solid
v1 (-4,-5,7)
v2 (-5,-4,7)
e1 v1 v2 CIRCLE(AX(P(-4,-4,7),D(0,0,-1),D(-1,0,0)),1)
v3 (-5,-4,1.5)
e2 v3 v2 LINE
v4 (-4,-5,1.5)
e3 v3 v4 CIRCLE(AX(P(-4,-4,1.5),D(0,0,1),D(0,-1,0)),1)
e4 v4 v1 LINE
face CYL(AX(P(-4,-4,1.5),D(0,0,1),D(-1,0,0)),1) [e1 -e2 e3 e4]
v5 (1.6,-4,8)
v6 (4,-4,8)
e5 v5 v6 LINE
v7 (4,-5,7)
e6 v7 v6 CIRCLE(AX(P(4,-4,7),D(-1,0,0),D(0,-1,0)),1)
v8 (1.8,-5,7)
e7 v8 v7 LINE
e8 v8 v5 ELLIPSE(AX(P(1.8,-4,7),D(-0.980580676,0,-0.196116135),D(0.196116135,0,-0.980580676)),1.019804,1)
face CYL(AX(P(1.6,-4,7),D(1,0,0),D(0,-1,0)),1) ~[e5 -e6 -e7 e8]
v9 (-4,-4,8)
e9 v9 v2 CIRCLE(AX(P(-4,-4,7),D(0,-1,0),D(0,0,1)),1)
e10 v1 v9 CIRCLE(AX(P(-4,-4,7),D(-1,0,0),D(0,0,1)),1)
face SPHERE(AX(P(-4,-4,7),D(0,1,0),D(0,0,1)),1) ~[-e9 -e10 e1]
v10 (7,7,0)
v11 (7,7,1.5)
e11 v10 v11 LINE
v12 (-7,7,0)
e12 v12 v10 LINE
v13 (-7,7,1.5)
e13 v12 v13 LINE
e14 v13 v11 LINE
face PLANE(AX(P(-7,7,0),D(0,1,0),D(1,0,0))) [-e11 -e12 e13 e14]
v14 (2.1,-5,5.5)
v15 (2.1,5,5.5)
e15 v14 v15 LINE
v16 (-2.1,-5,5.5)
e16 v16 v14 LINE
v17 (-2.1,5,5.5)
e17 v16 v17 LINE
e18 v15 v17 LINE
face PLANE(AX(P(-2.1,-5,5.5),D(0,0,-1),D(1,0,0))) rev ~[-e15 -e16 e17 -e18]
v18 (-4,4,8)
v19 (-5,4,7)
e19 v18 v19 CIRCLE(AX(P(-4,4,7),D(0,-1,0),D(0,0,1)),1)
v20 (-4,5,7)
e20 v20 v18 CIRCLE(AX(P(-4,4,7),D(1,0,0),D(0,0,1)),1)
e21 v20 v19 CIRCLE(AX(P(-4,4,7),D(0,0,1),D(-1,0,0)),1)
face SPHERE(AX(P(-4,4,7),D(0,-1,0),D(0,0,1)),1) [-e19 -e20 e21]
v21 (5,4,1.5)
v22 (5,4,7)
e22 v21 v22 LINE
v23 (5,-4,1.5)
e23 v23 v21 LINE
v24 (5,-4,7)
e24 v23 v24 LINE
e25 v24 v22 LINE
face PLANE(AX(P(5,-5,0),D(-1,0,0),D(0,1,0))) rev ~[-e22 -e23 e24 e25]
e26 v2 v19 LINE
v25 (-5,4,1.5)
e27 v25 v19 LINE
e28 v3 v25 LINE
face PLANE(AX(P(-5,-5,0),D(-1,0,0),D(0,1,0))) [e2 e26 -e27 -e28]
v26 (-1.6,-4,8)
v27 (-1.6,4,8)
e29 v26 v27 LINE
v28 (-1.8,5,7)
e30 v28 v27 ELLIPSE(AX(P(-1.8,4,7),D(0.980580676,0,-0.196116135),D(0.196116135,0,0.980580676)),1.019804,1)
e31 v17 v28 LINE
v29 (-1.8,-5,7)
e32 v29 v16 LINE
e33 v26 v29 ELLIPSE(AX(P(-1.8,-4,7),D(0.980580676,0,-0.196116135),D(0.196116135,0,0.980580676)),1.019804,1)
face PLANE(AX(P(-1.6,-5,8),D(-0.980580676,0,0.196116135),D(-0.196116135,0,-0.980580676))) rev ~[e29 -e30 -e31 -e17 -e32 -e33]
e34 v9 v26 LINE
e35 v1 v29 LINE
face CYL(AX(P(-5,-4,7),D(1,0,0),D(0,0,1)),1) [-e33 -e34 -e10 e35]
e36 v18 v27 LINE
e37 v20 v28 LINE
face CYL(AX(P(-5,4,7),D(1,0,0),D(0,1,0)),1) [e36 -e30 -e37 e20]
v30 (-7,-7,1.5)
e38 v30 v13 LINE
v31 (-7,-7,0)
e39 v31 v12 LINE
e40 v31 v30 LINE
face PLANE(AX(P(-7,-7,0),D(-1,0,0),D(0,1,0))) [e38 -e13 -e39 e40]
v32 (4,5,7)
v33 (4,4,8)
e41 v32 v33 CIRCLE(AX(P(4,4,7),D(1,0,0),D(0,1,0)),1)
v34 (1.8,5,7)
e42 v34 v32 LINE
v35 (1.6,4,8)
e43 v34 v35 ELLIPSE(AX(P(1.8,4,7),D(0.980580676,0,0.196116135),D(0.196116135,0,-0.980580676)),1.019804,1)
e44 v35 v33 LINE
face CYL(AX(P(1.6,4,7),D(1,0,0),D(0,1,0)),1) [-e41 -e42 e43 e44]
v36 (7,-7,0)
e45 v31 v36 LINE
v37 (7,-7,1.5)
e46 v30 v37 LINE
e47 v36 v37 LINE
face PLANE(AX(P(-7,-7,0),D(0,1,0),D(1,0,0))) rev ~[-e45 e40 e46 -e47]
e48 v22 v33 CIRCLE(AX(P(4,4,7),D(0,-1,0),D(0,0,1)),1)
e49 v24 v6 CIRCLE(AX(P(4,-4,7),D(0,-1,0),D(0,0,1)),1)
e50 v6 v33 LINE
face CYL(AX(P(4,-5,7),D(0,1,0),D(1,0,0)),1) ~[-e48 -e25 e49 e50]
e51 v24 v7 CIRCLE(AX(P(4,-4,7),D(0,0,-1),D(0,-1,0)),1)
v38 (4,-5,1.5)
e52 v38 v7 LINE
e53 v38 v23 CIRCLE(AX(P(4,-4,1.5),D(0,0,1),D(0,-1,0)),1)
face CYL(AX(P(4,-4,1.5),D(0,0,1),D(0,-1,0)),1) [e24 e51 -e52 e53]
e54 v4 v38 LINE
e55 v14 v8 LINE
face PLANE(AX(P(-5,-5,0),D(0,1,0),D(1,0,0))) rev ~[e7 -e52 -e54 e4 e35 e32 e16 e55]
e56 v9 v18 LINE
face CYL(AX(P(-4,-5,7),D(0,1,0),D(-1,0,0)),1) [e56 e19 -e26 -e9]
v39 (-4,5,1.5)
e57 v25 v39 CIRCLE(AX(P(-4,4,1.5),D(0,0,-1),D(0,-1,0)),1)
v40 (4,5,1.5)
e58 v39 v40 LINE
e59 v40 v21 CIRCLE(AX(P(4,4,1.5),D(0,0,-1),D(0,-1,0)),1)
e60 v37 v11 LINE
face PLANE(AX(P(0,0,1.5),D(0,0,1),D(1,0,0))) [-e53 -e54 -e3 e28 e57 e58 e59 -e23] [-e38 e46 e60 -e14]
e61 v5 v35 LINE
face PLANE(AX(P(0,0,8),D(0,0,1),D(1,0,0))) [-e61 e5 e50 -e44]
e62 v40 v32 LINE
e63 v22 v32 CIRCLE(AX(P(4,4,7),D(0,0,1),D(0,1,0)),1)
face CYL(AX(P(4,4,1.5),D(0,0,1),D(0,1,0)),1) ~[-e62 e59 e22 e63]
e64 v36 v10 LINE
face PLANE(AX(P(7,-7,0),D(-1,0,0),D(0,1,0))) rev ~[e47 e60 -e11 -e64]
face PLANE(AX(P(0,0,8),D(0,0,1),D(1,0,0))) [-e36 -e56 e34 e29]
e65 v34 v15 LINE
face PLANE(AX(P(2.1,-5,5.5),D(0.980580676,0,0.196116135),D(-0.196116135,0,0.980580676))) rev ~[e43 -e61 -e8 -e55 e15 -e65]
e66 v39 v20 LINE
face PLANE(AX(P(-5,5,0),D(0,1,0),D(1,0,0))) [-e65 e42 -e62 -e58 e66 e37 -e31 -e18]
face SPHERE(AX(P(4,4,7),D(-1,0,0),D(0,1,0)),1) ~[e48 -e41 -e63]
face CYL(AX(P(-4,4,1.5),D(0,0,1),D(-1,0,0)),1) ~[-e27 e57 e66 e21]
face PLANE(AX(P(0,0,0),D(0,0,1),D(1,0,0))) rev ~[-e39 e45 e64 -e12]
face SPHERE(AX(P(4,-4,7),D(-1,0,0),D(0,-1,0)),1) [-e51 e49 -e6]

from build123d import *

# Parameters (mm, degrees)
F0_W     = 14
F0_H     = 14
F0_W_2   = 10
F0_H_2   = 10
F1_DEPTH = 1.5
F2_DEPTH = 8
F4_DEPTH = 25
F5_R     = 1


with BuildPart() as f1:
    # F0 (on Top) → F1 (new body)
    with BuildSketch(Plane.XY):
        Rectangle(F0_W, F0_H)
        Rectangle(F0_W_2, F0_H_2, mode=Mode.SUBTRACT)
    extrude(amount=F1_DEPTH)

    # F0 (on Top) → F2 (join)
    with BuildSketch(Plane.XY):
        Rectangle(F0_W_2, F0_H_2)
    extrude(amount=F2_DEPTH)

    # F3 (on face) → F4 (cut)
    with BuildSketch(Plane.XZ.offset(5)):
        Polygon((1.6, 8), (-1.6, 8), (-2.1, 5.5), (2.1, 5.5), align=None)
    extrude(amount=-F4_DEPTH, mode=Mode.SUBTRACT)

    # F5
    f5_edges = [f1.edges().sort_by_distance(p)[0] for p in [
        (-5, 0, 8),
        (3.3, -5, 8),
        (-3.3, -5, 8),
        (-3.3, 5, 8),
        (3.3, 5, 8),
        (-5, 5, 4.75),
        (-5, -5, 4.75),
        (5, -5, 4.75),
        (5, 5, 4.75),
        (5, 0, 8),
    ]]
    fillet(f5_edges, radius=F5_R)


solid = f1.part
